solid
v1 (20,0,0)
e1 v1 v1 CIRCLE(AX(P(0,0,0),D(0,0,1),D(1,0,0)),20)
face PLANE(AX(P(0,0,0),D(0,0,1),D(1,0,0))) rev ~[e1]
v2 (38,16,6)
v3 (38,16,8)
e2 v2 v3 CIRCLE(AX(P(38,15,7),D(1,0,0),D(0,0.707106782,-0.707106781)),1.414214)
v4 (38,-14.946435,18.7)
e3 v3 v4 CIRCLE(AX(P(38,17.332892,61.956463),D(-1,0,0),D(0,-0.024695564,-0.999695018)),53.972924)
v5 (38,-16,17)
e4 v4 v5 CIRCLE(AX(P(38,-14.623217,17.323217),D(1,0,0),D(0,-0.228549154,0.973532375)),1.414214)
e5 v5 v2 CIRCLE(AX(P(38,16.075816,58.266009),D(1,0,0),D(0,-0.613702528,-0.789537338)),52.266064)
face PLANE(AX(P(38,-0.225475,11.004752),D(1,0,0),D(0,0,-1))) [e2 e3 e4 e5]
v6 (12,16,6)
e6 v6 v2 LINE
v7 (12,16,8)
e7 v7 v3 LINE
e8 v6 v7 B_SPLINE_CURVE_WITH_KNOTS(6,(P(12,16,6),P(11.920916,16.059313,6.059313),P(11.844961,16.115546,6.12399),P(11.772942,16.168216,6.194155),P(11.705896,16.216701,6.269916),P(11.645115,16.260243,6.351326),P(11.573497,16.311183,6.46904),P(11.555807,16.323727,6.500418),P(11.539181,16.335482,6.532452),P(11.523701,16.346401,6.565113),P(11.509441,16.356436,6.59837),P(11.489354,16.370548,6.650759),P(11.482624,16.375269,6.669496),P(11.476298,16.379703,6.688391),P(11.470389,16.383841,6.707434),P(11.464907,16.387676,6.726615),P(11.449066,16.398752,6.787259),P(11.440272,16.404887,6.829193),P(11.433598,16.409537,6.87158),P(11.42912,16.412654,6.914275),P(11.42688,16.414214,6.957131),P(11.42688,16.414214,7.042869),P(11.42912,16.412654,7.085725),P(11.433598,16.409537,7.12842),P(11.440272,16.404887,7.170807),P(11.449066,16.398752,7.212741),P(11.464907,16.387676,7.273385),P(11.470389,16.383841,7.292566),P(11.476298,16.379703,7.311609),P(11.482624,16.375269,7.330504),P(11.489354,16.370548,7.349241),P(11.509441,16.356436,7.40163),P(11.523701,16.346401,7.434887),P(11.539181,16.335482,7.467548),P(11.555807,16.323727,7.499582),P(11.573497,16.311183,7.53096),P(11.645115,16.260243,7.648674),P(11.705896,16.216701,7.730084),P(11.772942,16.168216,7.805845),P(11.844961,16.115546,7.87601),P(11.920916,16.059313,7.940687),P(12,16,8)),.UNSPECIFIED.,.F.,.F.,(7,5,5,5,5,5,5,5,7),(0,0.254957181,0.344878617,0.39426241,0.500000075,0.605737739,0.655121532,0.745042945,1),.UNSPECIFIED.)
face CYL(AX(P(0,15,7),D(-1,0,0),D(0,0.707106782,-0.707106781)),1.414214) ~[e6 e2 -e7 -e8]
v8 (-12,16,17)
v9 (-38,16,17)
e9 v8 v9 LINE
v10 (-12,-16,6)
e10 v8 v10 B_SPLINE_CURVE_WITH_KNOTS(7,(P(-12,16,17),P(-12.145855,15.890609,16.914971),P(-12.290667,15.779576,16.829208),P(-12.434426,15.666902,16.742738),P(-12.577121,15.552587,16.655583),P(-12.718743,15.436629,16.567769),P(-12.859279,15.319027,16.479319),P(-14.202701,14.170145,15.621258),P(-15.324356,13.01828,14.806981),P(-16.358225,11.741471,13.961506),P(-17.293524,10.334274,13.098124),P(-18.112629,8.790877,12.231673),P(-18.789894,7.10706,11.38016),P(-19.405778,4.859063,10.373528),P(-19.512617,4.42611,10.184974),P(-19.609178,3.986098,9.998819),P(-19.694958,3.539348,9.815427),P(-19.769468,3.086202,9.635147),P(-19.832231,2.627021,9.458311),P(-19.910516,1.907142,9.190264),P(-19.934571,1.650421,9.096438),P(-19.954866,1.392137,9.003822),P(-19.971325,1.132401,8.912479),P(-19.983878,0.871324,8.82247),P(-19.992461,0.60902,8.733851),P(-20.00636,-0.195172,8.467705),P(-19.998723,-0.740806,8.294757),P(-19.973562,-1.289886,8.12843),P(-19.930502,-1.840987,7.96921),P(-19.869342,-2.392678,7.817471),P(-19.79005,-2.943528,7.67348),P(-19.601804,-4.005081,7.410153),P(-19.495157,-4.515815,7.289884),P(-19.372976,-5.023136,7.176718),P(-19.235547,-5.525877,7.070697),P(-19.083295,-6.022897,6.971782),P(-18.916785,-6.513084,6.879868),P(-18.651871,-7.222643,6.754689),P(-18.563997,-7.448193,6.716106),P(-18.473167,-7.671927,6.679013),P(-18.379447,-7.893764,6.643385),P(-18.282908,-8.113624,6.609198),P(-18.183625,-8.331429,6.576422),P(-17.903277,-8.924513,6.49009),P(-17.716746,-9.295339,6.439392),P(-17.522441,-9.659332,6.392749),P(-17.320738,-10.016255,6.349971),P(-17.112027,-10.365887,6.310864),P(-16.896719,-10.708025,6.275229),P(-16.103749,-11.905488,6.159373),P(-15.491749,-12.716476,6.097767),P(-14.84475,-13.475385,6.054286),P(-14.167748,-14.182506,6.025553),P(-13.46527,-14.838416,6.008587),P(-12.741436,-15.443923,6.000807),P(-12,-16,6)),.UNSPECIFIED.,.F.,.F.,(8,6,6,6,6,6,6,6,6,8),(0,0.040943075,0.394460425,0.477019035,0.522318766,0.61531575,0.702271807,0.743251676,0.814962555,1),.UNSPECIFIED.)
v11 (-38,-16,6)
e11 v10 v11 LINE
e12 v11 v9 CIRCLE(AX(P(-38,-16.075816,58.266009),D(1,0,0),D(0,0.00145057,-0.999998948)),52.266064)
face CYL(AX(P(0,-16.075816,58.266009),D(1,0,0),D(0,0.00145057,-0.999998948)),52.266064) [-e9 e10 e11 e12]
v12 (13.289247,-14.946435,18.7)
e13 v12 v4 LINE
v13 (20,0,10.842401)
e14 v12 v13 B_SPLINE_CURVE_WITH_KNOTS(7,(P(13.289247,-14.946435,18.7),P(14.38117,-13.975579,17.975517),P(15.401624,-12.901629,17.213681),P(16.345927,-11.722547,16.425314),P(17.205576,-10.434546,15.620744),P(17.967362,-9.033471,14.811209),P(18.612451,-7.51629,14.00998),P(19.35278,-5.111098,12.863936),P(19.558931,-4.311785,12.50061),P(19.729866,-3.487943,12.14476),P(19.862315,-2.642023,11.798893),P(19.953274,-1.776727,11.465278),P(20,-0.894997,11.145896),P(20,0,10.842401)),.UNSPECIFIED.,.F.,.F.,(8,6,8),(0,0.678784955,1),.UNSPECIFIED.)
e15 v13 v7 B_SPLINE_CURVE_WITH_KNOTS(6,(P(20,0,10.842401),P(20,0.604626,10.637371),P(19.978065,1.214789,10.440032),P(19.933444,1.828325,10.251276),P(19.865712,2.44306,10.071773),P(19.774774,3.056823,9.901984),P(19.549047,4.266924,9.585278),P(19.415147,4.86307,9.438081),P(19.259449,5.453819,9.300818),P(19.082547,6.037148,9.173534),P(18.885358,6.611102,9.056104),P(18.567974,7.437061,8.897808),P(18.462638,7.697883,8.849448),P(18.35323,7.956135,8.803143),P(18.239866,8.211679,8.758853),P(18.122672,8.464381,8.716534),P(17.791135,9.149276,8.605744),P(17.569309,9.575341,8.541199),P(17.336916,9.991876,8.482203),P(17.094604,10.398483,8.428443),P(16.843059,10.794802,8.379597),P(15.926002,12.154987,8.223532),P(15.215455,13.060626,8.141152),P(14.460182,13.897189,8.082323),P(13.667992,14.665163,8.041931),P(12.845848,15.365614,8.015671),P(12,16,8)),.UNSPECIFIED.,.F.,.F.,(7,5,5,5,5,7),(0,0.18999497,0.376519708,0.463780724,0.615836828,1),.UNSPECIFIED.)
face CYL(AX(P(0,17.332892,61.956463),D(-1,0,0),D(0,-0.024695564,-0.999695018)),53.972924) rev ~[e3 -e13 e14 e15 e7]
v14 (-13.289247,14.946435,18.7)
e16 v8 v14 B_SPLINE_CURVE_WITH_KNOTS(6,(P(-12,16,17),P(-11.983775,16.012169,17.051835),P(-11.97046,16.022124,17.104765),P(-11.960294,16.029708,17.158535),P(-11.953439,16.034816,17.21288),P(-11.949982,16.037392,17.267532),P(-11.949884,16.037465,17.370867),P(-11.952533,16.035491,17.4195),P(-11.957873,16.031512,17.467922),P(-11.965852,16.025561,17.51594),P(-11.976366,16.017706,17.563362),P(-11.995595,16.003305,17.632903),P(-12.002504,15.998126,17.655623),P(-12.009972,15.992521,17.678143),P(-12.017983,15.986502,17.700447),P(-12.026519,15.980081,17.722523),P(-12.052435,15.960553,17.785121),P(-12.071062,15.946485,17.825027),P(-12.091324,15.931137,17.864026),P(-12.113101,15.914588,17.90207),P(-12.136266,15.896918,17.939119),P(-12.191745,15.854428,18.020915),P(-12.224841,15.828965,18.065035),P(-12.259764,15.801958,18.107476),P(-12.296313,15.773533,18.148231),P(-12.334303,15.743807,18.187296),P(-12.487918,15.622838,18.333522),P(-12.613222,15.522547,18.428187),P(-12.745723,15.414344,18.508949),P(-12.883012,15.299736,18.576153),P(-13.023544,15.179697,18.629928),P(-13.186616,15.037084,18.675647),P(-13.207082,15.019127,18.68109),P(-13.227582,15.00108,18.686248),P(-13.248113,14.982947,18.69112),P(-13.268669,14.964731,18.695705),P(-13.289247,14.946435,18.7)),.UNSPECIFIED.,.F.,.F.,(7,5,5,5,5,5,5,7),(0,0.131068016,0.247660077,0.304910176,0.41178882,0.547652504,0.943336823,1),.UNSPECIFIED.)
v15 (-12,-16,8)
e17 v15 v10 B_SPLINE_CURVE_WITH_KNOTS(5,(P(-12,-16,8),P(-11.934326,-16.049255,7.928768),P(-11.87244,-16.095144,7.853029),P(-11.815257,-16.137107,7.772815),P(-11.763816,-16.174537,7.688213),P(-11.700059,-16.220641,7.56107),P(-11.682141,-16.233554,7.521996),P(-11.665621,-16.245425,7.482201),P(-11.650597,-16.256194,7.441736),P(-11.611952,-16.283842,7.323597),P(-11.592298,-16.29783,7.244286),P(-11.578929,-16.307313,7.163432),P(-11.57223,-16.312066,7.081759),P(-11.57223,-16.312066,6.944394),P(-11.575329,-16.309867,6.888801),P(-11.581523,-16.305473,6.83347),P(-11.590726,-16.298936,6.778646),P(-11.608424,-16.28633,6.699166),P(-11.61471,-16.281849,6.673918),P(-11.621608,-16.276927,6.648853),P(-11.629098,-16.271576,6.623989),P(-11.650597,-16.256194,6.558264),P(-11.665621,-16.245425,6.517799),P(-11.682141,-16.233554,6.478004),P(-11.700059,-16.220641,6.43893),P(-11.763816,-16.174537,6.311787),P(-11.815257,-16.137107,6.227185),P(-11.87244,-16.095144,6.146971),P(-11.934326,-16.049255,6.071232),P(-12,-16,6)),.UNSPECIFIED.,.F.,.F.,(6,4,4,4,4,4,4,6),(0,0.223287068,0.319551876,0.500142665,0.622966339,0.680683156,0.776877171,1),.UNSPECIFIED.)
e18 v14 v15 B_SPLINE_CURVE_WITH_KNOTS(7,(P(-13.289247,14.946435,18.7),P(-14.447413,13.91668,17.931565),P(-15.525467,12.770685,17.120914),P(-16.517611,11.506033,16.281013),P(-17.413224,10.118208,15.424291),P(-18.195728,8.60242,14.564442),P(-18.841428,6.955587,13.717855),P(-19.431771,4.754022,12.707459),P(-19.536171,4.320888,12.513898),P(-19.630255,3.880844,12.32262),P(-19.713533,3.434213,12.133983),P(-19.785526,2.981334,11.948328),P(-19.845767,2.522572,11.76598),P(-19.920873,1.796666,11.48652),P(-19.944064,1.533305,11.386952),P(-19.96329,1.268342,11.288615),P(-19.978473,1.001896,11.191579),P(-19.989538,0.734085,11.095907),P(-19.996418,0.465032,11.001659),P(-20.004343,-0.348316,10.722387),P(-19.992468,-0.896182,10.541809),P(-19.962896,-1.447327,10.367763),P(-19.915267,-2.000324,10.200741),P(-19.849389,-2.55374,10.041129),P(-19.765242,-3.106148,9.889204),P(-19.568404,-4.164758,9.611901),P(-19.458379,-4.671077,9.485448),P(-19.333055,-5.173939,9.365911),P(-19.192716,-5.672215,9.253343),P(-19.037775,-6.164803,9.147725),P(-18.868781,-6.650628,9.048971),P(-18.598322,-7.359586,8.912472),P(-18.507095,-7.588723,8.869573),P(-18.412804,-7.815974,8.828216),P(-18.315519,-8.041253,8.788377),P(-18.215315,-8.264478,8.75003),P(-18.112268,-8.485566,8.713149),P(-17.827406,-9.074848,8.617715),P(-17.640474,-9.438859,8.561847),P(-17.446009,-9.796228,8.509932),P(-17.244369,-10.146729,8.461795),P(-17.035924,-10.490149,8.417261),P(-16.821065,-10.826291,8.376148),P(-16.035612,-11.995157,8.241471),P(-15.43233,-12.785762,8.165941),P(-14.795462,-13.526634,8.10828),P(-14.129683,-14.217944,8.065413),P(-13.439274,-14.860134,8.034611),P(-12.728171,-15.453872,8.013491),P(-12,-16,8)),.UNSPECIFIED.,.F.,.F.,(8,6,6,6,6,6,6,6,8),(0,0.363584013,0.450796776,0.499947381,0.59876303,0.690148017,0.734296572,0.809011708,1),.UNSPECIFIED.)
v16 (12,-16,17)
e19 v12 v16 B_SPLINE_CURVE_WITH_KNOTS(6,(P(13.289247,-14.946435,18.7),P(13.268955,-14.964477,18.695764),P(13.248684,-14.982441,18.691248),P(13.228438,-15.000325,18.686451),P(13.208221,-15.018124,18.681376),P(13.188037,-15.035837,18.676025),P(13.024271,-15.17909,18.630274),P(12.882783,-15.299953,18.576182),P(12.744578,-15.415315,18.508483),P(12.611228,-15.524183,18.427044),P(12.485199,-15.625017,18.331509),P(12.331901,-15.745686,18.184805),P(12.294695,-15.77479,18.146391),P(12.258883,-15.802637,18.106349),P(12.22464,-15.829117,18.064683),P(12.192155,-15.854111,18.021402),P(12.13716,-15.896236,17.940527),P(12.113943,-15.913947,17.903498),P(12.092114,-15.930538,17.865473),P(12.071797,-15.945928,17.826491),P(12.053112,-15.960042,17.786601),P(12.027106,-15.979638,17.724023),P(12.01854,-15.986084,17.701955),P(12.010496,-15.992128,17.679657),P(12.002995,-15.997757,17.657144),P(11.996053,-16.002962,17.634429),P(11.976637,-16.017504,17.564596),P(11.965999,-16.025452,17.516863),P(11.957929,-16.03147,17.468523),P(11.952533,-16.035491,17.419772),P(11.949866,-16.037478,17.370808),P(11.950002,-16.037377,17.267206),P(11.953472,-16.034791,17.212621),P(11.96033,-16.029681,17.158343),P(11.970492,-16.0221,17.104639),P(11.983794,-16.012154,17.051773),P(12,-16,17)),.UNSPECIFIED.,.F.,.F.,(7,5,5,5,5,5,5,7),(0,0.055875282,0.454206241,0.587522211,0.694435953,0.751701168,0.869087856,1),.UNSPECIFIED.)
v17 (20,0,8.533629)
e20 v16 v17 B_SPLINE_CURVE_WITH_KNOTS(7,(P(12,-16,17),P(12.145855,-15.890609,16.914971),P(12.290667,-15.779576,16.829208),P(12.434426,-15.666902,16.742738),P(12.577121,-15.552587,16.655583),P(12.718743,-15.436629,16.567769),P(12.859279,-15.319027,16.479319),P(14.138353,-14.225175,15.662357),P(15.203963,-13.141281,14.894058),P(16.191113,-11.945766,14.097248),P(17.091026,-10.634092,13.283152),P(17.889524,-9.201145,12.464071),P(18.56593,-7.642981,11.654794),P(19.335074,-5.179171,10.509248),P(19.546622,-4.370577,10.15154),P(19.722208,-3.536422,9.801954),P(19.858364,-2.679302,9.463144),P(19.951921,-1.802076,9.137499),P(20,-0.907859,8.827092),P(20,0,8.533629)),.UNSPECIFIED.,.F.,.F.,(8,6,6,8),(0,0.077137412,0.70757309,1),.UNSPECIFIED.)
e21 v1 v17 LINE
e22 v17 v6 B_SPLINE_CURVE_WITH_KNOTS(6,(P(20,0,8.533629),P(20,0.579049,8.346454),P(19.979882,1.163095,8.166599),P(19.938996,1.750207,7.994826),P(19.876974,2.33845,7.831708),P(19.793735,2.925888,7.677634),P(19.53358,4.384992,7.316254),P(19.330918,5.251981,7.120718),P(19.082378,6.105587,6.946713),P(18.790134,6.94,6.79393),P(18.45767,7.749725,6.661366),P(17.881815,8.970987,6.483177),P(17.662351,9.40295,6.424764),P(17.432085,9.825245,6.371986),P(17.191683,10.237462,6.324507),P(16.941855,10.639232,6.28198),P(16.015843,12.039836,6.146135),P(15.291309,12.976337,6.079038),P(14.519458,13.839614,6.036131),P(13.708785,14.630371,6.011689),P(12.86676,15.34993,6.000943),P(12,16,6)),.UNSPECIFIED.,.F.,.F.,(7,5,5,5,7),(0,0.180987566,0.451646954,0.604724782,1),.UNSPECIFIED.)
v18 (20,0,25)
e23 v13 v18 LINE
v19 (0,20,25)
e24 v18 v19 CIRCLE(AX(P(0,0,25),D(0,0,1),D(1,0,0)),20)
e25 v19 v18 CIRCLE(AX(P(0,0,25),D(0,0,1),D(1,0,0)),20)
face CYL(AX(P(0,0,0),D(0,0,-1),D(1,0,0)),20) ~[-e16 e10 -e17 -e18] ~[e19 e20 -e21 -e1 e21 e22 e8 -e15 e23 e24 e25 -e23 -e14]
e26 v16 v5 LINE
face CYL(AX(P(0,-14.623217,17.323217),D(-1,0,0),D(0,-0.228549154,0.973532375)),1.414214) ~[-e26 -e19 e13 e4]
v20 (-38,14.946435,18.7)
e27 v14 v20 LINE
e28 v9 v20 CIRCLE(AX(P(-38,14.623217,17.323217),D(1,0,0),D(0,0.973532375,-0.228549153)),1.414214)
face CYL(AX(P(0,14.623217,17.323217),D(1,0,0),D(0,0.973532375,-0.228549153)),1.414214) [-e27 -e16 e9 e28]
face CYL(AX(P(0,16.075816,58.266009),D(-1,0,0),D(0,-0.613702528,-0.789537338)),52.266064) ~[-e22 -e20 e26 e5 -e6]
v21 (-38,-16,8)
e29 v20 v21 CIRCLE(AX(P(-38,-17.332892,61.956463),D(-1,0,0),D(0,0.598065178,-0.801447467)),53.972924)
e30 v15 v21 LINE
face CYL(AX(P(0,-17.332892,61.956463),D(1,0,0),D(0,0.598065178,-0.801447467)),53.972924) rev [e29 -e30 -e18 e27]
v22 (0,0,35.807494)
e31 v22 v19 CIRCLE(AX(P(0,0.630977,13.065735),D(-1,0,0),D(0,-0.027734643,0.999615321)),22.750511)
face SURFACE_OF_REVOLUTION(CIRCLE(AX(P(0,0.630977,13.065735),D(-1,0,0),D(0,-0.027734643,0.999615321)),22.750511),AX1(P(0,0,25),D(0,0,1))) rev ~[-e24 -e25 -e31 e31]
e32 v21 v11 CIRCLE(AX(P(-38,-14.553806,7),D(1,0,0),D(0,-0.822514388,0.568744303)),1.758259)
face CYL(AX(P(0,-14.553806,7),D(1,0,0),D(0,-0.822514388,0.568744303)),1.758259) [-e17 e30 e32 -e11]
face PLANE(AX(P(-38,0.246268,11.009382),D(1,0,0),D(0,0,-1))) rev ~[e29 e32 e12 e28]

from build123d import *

# Parameters (mm, degrees)
SKETCH1_R      = 20
EXTRUDE1_DEPTH = 25
EXTRUDE2_DEPTH = 38
EXTRUDE3_DEPTH = 38


with BuildPart() as part:
    # Sketch1 → Extrude1 (new body)
    with BuildSketch(Plane.XY):
        Circle(SKETCH1_R)
    extrude(amount=EXTRUDE1_DEPTH)

    # Sketch2 → Revolve1 (revolve)
    with BuildSketch(Plane(origin=(0, 0, 0), x_dir=(0, 0, -1), z_dir=(1, 0, 0))):
        with BuildLine():
            Line((-25, 0), (-35.80749354, 0))
            ThreePointArc((-35.80749354, 0), (-33.08089551, 11.446663385), (-25, 20))
            Line((-25, 20), (-25, 0))
        make_face()
    revolve(axis=Axis((0, 0, 25), (0, 0, 1)))

    # Sketch3 → Extrude2 (add)
    with BuildSketch(Plane(origin=(0, 0, 0), x_dir=(0, 0, -1), z_dir=(1, 0, 0))):
        with BuildLine():
            ThreePointArc((-17, -16), (-8.838692689, -0.914824388), (-6, 16))
            ThreePointArc((-6, 16), (-7, 16.414213562), (-8, 16))
            ThreePointArc((-8, 16), (-10.94657476, -0.304222576), (-18.7, -14.946434625))
            ThreePointArc((-18.7, -14.946434625), (-18.068200534, -15.82529884), (-17, -16))
        make_face()
    extrude(amount=EXTRUDE2_DEPTH)

    # Sketch4 → Extrude3 (add)
    with BuildSketch(Plane(origin=(0, 0, 0), x_dir=(0, 0, -1), z_dir=(1, 0, 0))):
        with BuildLine():
            ThreePointArc((-8, -16), (-7, -16.312065741), (-6, -16))
            ThreePointArc((-6, -16), (-8.838692689, 0.914824388), (-17, 16))
            ThreePointArc((-17, 16), (-18.068200534, 15.82529884), (-18.7, 14.946434625))
            ThreePointArc((-18.7, 14.946434625), (-10.94657476, 0.304222576), (-8, -16))
        make_face()
    extrude(amount=-EXTRUDE3_DEPTH)


solid = part.part
